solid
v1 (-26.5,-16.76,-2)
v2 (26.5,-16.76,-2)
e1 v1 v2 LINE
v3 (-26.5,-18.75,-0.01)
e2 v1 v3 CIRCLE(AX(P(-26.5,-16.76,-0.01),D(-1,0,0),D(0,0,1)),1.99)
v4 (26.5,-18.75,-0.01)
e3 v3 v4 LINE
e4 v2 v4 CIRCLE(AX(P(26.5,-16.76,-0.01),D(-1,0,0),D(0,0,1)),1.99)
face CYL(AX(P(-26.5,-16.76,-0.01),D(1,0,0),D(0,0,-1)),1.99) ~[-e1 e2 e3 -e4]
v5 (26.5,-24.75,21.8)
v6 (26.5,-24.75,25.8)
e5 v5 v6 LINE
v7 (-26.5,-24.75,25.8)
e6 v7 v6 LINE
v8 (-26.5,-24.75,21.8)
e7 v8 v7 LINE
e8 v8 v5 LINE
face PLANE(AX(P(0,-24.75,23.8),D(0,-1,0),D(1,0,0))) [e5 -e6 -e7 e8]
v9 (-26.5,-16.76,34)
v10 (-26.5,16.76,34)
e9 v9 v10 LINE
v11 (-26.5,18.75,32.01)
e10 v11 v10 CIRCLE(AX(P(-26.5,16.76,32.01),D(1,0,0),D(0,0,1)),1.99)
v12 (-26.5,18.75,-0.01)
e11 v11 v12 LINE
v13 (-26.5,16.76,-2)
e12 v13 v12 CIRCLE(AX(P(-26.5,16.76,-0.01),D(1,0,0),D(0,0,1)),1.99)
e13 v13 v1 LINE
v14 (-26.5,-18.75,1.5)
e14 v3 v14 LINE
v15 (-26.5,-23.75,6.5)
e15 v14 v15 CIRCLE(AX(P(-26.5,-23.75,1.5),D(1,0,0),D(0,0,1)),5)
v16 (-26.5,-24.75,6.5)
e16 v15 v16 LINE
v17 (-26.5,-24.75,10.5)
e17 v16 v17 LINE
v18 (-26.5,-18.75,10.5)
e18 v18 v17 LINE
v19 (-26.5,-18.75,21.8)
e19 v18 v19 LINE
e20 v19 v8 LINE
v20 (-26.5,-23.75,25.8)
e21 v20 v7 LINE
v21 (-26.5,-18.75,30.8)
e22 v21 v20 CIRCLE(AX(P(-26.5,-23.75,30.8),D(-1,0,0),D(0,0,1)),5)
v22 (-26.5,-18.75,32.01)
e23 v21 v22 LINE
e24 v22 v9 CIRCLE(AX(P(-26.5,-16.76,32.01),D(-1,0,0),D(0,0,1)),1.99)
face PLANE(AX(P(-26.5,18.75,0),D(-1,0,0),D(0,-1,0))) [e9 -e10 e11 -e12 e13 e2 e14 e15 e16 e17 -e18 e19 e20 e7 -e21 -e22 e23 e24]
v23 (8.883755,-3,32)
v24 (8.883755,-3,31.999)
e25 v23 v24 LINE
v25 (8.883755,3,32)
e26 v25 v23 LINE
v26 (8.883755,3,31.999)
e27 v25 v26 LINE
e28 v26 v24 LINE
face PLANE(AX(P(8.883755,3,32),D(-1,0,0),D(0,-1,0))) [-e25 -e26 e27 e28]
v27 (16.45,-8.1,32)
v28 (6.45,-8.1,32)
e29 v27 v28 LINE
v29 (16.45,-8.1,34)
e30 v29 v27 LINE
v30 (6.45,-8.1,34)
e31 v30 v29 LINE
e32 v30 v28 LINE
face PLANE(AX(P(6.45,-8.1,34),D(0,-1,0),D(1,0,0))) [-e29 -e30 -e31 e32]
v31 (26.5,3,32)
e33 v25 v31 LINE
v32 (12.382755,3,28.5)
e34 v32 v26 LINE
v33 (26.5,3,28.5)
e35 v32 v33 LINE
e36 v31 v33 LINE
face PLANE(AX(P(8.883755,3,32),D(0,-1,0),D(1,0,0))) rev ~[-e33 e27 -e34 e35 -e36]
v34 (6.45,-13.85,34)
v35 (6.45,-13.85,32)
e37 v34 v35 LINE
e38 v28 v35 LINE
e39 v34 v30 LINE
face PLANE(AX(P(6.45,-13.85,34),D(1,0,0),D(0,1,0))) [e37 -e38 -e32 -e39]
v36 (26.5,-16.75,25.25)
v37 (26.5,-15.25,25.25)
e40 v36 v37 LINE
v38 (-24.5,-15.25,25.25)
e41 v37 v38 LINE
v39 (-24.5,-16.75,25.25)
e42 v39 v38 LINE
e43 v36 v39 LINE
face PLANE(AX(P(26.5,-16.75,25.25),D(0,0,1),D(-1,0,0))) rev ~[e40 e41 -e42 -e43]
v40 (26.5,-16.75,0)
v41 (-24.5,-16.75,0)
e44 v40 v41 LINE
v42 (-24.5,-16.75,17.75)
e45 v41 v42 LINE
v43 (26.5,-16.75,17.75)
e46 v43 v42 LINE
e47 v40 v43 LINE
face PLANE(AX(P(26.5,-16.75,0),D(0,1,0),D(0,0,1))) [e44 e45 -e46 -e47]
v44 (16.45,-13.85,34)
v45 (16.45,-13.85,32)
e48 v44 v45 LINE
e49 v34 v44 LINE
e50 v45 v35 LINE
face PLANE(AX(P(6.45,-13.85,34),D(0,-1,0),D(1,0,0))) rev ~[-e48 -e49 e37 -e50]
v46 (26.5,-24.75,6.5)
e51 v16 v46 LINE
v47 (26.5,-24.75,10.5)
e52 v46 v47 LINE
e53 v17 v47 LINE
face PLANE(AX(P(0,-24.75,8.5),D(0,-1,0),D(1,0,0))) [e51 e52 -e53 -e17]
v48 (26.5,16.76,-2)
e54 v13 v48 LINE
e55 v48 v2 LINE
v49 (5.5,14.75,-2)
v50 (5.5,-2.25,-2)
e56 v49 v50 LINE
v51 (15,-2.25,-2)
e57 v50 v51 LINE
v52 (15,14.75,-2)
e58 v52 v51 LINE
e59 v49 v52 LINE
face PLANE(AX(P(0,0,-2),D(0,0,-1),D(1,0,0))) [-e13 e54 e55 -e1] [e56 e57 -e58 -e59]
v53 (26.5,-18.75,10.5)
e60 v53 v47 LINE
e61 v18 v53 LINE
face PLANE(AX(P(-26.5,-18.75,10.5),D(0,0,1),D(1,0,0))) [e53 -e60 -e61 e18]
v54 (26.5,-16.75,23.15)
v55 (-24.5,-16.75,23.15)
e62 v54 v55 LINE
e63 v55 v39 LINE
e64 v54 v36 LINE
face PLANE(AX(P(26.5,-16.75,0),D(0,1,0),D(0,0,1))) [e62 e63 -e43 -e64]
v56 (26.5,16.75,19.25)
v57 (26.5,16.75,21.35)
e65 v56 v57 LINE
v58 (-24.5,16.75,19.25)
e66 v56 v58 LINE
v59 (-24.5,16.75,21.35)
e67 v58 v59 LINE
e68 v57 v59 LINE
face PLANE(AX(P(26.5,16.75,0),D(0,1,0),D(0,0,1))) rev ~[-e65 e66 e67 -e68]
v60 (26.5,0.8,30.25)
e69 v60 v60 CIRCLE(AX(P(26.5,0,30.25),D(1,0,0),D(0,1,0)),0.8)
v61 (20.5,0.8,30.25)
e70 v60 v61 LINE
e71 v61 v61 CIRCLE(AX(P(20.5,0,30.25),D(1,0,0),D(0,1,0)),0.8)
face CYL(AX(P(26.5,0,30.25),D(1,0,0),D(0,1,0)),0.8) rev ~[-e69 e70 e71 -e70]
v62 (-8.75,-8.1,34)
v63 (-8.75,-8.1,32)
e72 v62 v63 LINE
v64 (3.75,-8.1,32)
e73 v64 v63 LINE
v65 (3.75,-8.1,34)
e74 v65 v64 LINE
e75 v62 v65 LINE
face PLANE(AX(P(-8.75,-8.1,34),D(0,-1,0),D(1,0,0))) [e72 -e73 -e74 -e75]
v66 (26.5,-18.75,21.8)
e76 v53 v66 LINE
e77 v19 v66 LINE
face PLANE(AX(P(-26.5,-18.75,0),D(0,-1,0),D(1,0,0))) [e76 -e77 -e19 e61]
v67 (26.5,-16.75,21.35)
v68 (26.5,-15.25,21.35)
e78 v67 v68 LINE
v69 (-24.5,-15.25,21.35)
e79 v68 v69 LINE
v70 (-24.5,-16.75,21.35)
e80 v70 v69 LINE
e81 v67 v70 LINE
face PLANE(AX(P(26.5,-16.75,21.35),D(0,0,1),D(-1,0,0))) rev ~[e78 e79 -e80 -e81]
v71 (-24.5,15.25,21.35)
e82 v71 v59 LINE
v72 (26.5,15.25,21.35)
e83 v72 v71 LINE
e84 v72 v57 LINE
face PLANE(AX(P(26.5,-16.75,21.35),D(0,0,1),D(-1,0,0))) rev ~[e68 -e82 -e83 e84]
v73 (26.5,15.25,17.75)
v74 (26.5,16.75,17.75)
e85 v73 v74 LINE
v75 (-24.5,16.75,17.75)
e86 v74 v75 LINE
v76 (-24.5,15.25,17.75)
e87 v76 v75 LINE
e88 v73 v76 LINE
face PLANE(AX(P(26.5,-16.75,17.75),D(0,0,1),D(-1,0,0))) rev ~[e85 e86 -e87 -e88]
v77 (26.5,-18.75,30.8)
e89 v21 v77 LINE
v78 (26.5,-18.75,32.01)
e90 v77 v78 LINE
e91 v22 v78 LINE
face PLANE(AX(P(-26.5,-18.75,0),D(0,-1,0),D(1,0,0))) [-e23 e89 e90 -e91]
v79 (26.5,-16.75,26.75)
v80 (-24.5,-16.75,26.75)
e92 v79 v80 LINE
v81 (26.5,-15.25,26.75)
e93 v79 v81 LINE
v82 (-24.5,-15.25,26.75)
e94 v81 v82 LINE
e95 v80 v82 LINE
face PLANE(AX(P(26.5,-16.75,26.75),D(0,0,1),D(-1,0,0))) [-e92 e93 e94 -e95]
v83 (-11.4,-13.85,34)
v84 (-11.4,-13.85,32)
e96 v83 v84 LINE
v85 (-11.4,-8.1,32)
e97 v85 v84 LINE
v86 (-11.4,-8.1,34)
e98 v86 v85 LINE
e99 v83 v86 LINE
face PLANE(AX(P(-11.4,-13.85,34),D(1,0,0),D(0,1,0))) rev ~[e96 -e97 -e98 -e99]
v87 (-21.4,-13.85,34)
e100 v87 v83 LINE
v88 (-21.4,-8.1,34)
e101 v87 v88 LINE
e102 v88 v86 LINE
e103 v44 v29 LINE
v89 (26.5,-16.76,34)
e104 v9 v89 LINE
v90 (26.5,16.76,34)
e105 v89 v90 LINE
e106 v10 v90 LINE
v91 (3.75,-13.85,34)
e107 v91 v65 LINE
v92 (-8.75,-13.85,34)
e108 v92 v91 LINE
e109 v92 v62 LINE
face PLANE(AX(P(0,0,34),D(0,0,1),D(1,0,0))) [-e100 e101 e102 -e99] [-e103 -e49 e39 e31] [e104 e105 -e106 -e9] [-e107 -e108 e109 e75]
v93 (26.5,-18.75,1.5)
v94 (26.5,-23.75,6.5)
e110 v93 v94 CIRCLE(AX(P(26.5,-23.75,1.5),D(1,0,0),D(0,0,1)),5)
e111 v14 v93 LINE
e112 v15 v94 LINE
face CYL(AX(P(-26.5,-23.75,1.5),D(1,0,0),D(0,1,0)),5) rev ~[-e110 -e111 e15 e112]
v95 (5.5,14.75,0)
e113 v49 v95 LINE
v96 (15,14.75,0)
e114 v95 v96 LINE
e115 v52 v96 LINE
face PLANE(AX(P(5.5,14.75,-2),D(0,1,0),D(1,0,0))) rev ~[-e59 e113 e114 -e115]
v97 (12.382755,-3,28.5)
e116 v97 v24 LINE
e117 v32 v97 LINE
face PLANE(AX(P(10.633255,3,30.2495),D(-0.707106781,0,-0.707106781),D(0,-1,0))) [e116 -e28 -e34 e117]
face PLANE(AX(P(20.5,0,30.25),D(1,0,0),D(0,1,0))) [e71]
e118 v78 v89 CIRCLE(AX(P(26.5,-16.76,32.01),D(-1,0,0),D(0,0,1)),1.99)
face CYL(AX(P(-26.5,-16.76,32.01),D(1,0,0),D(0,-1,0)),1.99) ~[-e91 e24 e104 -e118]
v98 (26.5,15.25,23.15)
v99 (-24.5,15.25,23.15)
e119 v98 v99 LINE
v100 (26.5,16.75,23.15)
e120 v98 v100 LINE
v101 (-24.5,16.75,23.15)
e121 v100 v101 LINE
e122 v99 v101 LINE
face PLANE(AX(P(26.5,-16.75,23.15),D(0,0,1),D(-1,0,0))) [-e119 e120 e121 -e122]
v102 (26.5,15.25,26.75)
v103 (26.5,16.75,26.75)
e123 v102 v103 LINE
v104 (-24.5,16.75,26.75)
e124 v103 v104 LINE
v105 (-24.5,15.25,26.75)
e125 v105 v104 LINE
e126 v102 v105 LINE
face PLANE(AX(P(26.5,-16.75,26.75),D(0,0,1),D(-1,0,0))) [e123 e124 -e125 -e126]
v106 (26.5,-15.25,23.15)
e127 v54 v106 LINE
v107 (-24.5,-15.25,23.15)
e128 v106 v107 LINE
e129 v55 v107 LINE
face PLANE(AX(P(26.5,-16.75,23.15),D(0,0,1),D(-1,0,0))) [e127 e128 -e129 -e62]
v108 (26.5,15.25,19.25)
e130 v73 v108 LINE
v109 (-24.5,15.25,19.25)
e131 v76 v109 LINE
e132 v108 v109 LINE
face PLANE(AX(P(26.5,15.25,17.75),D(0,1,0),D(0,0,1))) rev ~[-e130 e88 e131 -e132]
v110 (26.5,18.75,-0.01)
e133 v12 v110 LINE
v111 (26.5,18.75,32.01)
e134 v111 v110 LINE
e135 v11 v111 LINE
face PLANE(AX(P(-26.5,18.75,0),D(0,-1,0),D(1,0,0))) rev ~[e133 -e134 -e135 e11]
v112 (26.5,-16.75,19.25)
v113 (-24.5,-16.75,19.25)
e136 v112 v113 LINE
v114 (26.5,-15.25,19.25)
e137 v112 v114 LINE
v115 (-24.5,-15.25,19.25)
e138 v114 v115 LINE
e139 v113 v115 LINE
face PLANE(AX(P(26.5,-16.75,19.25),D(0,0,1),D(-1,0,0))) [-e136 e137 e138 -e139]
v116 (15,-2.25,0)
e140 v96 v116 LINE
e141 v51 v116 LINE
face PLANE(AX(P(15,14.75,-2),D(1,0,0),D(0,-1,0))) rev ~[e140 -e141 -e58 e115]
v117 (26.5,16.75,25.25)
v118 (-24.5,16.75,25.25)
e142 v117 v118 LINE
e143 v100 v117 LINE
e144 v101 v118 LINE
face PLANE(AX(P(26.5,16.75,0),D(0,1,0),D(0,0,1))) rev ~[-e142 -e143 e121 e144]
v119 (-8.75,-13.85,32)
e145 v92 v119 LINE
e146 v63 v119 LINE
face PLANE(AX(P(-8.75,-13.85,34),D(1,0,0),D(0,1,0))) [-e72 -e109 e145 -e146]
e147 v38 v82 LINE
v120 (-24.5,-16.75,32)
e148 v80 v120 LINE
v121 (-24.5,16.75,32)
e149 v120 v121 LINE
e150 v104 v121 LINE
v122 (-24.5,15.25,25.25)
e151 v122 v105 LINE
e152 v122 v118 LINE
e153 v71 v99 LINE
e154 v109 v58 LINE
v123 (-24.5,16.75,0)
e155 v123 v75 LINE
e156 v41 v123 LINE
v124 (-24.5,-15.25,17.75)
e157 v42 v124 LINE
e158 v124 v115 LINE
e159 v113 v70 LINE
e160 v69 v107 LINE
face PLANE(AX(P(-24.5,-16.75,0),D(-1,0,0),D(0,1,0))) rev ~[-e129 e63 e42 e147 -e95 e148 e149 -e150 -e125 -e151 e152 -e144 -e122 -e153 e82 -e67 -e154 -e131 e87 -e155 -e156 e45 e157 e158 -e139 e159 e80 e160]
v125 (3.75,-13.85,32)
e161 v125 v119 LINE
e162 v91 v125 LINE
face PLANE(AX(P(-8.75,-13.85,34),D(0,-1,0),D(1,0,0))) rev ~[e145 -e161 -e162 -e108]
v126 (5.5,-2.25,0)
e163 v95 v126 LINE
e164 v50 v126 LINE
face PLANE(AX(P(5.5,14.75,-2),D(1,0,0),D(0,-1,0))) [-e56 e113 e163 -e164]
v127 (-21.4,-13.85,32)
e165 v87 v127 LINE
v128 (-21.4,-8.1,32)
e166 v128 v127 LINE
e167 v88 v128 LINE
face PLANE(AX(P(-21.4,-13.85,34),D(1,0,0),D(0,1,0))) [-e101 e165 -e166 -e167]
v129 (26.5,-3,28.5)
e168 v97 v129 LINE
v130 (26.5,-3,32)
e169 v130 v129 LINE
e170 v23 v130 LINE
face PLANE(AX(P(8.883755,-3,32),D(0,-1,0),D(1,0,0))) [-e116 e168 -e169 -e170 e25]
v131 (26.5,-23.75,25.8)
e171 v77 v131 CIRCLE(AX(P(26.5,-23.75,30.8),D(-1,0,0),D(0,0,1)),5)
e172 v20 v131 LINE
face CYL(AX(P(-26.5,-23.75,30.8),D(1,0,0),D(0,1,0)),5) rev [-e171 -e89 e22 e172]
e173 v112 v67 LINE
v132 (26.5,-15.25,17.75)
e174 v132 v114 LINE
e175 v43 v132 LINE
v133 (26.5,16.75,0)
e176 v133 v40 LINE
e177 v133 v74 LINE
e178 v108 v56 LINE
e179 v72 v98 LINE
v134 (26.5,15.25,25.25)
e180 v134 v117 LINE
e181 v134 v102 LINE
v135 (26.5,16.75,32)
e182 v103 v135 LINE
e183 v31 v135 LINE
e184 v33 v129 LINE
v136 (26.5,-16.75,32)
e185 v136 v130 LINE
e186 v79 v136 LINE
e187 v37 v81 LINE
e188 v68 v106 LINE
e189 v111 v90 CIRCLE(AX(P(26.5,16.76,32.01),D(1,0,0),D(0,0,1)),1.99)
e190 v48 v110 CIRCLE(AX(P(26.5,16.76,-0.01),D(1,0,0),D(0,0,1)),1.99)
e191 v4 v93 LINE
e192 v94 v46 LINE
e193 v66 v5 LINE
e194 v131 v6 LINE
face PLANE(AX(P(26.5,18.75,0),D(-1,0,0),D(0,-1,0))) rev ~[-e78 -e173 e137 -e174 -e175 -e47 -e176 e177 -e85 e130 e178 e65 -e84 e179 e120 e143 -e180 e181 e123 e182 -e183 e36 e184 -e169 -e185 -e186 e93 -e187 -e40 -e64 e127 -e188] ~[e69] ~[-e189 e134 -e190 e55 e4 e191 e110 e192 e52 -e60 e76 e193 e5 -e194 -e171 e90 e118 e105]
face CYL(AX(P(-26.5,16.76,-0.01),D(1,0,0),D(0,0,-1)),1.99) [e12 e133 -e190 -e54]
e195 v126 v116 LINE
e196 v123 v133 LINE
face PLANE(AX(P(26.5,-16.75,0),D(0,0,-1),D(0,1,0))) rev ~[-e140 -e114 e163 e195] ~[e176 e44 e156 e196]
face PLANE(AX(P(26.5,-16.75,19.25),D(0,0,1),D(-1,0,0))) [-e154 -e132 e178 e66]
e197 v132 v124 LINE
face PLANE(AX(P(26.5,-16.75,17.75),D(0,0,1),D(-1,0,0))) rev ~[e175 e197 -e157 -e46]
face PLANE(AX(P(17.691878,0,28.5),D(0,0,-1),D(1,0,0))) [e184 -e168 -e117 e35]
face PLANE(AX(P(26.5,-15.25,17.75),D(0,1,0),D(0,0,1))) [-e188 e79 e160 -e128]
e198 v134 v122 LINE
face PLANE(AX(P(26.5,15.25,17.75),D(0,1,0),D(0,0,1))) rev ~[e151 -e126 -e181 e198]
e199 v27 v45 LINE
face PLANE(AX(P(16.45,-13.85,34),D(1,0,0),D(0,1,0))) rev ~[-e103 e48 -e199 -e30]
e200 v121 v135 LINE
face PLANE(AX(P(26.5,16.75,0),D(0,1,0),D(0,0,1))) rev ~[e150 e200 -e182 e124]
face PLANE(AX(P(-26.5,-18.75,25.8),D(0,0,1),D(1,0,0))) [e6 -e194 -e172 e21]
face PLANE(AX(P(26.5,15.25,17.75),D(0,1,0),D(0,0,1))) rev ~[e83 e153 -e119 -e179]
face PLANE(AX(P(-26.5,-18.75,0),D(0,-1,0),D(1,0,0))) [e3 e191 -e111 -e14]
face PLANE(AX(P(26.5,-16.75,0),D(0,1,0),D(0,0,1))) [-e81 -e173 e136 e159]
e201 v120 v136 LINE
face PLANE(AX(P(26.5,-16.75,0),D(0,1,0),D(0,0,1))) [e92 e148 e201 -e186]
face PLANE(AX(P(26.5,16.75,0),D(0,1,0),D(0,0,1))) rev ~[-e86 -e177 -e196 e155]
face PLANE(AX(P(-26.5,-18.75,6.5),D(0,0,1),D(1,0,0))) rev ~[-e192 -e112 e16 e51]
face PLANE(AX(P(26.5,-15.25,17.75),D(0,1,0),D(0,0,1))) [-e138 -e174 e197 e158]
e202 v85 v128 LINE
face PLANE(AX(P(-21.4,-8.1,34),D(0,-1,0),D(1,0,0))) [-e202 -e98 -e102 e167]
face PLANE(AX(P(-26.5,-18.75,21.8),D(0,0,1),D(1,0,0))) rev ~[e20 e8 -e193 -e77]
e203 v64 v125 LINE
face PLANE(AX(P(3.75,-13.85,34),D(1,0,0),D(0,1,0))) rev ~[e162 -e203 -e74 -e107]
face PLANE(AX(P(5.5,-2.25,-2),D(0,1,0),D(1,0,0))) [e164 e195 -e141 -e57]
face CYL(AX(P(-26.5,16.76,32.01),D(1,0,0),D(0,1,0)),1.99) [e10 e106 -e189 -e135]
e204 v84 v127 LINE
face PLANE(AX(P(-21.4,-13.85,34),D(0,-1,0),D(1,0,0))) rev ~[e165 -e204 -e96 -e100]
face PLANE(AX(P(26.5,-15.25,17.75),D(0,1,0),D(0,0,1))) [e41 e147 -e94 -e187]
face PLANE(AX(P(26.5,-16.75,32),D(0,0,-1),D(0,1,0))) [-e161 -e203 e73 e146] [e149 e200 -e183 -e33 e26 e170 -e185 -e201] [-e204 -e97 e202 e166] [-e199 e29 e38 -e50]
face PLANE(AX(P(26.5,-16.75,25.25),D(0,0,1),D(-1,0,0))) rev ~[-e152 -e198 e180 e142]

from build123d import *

# Parameters (mm, degrees)
SKETCH_W        = 53
SKETCH_H        = 37.5
SKETCH_W_2      = 49
SKETCH_H_2      = 33.5
PAD_DEPTH       = 32
SKETCH001_W     = 53
SKETCH001_H     = 37.5
PAD001_DEPTH    = 2
SKETCH002_W     = 53
SKETCH002_H     = 37.5
PAD002_DEPTH    = 2
SKETCH003_W     = 33.5
SKETCH003_H     = 32
POCKET_DEPTH    = 2
SKETCH004_W     = 10
SKETCH004_H     = 5.75
SKETCH004_W_2   = 12.5
SKETCH004_W_3   = 9.9999999999
POCKET001_DEPTH = 5
SKETCH005_W     = 51
SKETCH005_H     = 1.8
SKETCH005_H_2   = 1.5
PAD003_DEPTH    = 33.5
SKETCH006_W     = 30.5
SKETCH006_H     = 9
POCKET002_DEPTH = 51
SKETCH007_W     = 17.616245
SKETCH007_H     = 6
PAD004_DEPTH    = 5
SKETCH008_R     = 0.8
POCKET003_DEPTH = 5
SKETCH009_W     = 17.616245
SKETCH009_H     = 6
PAD005_DEPTH    = 3.5
SKETCH010_R     = 0.8
POCKET004_DEPTH = 6
CHAMFER_SIZE    = 3.499
CHAMFER001_SIZE = 4.99
FILLET_R        = 1.99
SKETCH012_W     = 53
SKETCH012_H     = 4
PAD006_DEPTH    = 6
FILLET001_R     = 5
SKETCH013_W     = 6
SKETCH013_H     = 5
POCKET005_DEPTH = 20
SKETCH014_W     = 9.5
SKETCH014_H     = 17
POCKET006_DEPTH = 5


with BuildPart() as part:
    # Sketch → Pad (new body)
    with BuildSketch(Plane.XY):
        Rectangle(SKETCH_W, SKETCH_H)
        Rectangle(SKETCH_W_2, SKETCH_H_2, mode=Mode.SUBTRACT)
    extrude(amount=PAD_DEPTH)

    # Sketch001 (on Face10 of Pad) → Pad001 (join)
    with BuildSketch(Plane.XY.offset(32)):
        Rectangle(SKETCH001_W, SKETCH001_H)
    extrude(amount=PAD001_DEPTH)

    # Sketch002 (on Face4 of Pad001) → Pad002 (join)
    with BuildSketch(Plane(origin=(0, 0, 0), x_dir=(1, 0, 0), z_dir=(0, 0, -1))):
        Rectangle(SKETCH002_W, SKETCH002_H)
    extrude(amount=PAD002_DEPTH)

    # Sketch003 (on Face3 of Pad002) → Pocket (cut)
    with BuildSketch(Plane.YZ.offset(26.5)):
        with Locations((0, 16)):
            Rectangle(SKETCH003_W, SKETCH003_H)
    extrude(amount=-POCKET_DEPTH, mode=Mode.SUBTRACT)

    # Sketch004 (on Face13 of Pocket) → Pocket001 (cut)
    with BuildSketch(Plane.XY.offset(34)):
        with Locations((-16.4, -10.975)):
            Rectangle(SKETCH004_W, SKETCH004_H)
        with Locations((-2.5, -10.975)):
            Rectangle(SKETCH004_W_2, SKETCH004_H)
        with Locations((11.45, -10.975)):
            Rectangle(SKETCH004_W_3, SKETCH004_H)
    extrude(amount=-POCKET001_DEPTH, mode=Mode.SUBTRACT)

    # Sketch005 (on Face36 of Pocket001) → Pad003 (join)
    with BuildSketch(Plane(origin=(0, -16.75, 0), x_dir=(-1, 0, 0), z_dir=(0, 1, 0))):
        with Locations((-1, 22.25)):
            Rectangle(SKETCH005_W, SKETCH005_H)
        with Locations((-1, 26)):
            Rectangle(SKETCH005_W, SKETCH005_H_2)
        with Locations((-1, 18.5)):
            Rectangle(SKETCH005_W, SKETCH005_H_2)
    extrude(amount=PAD003_DEPTH)

    # Sketch006 (on Face11 of Pad003) → Pocket002 (cut)
    with BuildSketch(Plane.YZ.offset(26.5)):
        with Locations((0, 22.25)):
            Rectangle(SKETCH006_W, SKETCH006_H)
    extrude(amount=-POCKET002_DEPTH, mode=Mode.SUBTRACT)

    # Sketch007 (on Face57 of Pocket002) → Pad004 (join)
    with BuildSketch(Plane.XY):
        with Locations((17.6918775, 0)):
            Rectangle(SKETCH007_W, SKETCH007_H)
    extrude(amount=PAD004_DEPTH)

    # Sketch008 (on Face24 of Pad004) → Pocket003 (cut)
    with BuildSketch(Plane.YZ.offset(26.5)):
        with Locations((0, 2.5)):
            Circle(SKETCH008_R)
    extrude(amount=-POCKET003_DEPTH, mode=Mode.SUBTRACT)

    # Sketch009 (on Face65 of Pocket003) → Pad005 (join)
    with BuildSketch(Plane(origin=(0, 0, 32), x_dir=(1, 0, 0), z_dir=(0, 0, -1))):
        with Locations((17.6918775, 0)):
            Rectangle(SKETCH009_W, SKETCH009_H)
    extrude(amount=PAD005_DEPTH)

    # Sketch010 (on Face41 of Pad005) → Pocket004 (cut)
    with BuildSketch(Plane.YZ.offset(26.5)):
        with Locations((0, 30.25)):
            Circle(SKETCH010_R)
    extrude(amount=-POCKET004_DEPTH, mode=Mode.SUBTRACT)

    # Chamfer
    chamfer_edges = [part.edges().sort_by_distance(p)[0] for p in [
        (8.883755, 0, 28.5),
    ]]
    chamfer(chamfer_edges, length=CHAMFER_SIZE)

    # Chamfer001
    chamfer001_edges = [part.edges().sort_by_distance(p)[0] for p in [
        (8.883755, 0, 5),
    ]]
    chamfer(chamfer001_edges, length=CHAMFER001_SIZE)

    # Fillet
    fillet_edges = [part.edges().sort_by_distance(p)[0] for p in [
        (0, -18.75, 34),
        (0, 18.75, 34),
        (0, 18.75, -2),
        (0, -18.75, -2),
    ]]
    fillet(fillet_edges, radius=FILLET_R)

    # Sketch012 → Pad006 (join)
    with BuildSketch(Plane.XZ.offset(18.75)):
        with Locations((0, 23.8)):
            Rectangle(SKETCH012_W, SKETCH012_H)
        with Locations((0, 8.5)):
            Rectangle(SKETCH012_W, SKETCH012_H)
    extrude(amount=PAD006_DEPTH)

    # Fillet001
    fillet001_edges = [part.edges().sort_by_distance(p)[0] for p in [
        (0, -18.75, 6.5),
        (0, -18.75, 25.8),
    ]]
    fillet(fillet001_edges, radius=FILLET001_R)

    # Sketch013 (on Face26 of Fillet001) → Pocket005 (cut)
    with BuildSketch(Plane.YZ.offset(26.5)):
        with Locations((0, 2.5)):
            Rectangle(SKETCH013_W, SKETCH013_H)
    extrude(amount=-POCKET005_DEPTH, mode=Mode.SUBTRACT)

    # Sketch014 (on Face23 of Pocket005) → Pocket006 (cut)
    with BuildSketch(Plane(origin=(0, 0, -2), x_dir=(1, 0, 0), z_dir=(0, 0, -1))):
        with Locations((10.25, -6.25)):
            Rectangle(SKETCH014_W, SKETCH014_H)
    extrude(amount=-POCKET006_DEPTH, mode=Mode.SUBTRACT)


solid = part.part
